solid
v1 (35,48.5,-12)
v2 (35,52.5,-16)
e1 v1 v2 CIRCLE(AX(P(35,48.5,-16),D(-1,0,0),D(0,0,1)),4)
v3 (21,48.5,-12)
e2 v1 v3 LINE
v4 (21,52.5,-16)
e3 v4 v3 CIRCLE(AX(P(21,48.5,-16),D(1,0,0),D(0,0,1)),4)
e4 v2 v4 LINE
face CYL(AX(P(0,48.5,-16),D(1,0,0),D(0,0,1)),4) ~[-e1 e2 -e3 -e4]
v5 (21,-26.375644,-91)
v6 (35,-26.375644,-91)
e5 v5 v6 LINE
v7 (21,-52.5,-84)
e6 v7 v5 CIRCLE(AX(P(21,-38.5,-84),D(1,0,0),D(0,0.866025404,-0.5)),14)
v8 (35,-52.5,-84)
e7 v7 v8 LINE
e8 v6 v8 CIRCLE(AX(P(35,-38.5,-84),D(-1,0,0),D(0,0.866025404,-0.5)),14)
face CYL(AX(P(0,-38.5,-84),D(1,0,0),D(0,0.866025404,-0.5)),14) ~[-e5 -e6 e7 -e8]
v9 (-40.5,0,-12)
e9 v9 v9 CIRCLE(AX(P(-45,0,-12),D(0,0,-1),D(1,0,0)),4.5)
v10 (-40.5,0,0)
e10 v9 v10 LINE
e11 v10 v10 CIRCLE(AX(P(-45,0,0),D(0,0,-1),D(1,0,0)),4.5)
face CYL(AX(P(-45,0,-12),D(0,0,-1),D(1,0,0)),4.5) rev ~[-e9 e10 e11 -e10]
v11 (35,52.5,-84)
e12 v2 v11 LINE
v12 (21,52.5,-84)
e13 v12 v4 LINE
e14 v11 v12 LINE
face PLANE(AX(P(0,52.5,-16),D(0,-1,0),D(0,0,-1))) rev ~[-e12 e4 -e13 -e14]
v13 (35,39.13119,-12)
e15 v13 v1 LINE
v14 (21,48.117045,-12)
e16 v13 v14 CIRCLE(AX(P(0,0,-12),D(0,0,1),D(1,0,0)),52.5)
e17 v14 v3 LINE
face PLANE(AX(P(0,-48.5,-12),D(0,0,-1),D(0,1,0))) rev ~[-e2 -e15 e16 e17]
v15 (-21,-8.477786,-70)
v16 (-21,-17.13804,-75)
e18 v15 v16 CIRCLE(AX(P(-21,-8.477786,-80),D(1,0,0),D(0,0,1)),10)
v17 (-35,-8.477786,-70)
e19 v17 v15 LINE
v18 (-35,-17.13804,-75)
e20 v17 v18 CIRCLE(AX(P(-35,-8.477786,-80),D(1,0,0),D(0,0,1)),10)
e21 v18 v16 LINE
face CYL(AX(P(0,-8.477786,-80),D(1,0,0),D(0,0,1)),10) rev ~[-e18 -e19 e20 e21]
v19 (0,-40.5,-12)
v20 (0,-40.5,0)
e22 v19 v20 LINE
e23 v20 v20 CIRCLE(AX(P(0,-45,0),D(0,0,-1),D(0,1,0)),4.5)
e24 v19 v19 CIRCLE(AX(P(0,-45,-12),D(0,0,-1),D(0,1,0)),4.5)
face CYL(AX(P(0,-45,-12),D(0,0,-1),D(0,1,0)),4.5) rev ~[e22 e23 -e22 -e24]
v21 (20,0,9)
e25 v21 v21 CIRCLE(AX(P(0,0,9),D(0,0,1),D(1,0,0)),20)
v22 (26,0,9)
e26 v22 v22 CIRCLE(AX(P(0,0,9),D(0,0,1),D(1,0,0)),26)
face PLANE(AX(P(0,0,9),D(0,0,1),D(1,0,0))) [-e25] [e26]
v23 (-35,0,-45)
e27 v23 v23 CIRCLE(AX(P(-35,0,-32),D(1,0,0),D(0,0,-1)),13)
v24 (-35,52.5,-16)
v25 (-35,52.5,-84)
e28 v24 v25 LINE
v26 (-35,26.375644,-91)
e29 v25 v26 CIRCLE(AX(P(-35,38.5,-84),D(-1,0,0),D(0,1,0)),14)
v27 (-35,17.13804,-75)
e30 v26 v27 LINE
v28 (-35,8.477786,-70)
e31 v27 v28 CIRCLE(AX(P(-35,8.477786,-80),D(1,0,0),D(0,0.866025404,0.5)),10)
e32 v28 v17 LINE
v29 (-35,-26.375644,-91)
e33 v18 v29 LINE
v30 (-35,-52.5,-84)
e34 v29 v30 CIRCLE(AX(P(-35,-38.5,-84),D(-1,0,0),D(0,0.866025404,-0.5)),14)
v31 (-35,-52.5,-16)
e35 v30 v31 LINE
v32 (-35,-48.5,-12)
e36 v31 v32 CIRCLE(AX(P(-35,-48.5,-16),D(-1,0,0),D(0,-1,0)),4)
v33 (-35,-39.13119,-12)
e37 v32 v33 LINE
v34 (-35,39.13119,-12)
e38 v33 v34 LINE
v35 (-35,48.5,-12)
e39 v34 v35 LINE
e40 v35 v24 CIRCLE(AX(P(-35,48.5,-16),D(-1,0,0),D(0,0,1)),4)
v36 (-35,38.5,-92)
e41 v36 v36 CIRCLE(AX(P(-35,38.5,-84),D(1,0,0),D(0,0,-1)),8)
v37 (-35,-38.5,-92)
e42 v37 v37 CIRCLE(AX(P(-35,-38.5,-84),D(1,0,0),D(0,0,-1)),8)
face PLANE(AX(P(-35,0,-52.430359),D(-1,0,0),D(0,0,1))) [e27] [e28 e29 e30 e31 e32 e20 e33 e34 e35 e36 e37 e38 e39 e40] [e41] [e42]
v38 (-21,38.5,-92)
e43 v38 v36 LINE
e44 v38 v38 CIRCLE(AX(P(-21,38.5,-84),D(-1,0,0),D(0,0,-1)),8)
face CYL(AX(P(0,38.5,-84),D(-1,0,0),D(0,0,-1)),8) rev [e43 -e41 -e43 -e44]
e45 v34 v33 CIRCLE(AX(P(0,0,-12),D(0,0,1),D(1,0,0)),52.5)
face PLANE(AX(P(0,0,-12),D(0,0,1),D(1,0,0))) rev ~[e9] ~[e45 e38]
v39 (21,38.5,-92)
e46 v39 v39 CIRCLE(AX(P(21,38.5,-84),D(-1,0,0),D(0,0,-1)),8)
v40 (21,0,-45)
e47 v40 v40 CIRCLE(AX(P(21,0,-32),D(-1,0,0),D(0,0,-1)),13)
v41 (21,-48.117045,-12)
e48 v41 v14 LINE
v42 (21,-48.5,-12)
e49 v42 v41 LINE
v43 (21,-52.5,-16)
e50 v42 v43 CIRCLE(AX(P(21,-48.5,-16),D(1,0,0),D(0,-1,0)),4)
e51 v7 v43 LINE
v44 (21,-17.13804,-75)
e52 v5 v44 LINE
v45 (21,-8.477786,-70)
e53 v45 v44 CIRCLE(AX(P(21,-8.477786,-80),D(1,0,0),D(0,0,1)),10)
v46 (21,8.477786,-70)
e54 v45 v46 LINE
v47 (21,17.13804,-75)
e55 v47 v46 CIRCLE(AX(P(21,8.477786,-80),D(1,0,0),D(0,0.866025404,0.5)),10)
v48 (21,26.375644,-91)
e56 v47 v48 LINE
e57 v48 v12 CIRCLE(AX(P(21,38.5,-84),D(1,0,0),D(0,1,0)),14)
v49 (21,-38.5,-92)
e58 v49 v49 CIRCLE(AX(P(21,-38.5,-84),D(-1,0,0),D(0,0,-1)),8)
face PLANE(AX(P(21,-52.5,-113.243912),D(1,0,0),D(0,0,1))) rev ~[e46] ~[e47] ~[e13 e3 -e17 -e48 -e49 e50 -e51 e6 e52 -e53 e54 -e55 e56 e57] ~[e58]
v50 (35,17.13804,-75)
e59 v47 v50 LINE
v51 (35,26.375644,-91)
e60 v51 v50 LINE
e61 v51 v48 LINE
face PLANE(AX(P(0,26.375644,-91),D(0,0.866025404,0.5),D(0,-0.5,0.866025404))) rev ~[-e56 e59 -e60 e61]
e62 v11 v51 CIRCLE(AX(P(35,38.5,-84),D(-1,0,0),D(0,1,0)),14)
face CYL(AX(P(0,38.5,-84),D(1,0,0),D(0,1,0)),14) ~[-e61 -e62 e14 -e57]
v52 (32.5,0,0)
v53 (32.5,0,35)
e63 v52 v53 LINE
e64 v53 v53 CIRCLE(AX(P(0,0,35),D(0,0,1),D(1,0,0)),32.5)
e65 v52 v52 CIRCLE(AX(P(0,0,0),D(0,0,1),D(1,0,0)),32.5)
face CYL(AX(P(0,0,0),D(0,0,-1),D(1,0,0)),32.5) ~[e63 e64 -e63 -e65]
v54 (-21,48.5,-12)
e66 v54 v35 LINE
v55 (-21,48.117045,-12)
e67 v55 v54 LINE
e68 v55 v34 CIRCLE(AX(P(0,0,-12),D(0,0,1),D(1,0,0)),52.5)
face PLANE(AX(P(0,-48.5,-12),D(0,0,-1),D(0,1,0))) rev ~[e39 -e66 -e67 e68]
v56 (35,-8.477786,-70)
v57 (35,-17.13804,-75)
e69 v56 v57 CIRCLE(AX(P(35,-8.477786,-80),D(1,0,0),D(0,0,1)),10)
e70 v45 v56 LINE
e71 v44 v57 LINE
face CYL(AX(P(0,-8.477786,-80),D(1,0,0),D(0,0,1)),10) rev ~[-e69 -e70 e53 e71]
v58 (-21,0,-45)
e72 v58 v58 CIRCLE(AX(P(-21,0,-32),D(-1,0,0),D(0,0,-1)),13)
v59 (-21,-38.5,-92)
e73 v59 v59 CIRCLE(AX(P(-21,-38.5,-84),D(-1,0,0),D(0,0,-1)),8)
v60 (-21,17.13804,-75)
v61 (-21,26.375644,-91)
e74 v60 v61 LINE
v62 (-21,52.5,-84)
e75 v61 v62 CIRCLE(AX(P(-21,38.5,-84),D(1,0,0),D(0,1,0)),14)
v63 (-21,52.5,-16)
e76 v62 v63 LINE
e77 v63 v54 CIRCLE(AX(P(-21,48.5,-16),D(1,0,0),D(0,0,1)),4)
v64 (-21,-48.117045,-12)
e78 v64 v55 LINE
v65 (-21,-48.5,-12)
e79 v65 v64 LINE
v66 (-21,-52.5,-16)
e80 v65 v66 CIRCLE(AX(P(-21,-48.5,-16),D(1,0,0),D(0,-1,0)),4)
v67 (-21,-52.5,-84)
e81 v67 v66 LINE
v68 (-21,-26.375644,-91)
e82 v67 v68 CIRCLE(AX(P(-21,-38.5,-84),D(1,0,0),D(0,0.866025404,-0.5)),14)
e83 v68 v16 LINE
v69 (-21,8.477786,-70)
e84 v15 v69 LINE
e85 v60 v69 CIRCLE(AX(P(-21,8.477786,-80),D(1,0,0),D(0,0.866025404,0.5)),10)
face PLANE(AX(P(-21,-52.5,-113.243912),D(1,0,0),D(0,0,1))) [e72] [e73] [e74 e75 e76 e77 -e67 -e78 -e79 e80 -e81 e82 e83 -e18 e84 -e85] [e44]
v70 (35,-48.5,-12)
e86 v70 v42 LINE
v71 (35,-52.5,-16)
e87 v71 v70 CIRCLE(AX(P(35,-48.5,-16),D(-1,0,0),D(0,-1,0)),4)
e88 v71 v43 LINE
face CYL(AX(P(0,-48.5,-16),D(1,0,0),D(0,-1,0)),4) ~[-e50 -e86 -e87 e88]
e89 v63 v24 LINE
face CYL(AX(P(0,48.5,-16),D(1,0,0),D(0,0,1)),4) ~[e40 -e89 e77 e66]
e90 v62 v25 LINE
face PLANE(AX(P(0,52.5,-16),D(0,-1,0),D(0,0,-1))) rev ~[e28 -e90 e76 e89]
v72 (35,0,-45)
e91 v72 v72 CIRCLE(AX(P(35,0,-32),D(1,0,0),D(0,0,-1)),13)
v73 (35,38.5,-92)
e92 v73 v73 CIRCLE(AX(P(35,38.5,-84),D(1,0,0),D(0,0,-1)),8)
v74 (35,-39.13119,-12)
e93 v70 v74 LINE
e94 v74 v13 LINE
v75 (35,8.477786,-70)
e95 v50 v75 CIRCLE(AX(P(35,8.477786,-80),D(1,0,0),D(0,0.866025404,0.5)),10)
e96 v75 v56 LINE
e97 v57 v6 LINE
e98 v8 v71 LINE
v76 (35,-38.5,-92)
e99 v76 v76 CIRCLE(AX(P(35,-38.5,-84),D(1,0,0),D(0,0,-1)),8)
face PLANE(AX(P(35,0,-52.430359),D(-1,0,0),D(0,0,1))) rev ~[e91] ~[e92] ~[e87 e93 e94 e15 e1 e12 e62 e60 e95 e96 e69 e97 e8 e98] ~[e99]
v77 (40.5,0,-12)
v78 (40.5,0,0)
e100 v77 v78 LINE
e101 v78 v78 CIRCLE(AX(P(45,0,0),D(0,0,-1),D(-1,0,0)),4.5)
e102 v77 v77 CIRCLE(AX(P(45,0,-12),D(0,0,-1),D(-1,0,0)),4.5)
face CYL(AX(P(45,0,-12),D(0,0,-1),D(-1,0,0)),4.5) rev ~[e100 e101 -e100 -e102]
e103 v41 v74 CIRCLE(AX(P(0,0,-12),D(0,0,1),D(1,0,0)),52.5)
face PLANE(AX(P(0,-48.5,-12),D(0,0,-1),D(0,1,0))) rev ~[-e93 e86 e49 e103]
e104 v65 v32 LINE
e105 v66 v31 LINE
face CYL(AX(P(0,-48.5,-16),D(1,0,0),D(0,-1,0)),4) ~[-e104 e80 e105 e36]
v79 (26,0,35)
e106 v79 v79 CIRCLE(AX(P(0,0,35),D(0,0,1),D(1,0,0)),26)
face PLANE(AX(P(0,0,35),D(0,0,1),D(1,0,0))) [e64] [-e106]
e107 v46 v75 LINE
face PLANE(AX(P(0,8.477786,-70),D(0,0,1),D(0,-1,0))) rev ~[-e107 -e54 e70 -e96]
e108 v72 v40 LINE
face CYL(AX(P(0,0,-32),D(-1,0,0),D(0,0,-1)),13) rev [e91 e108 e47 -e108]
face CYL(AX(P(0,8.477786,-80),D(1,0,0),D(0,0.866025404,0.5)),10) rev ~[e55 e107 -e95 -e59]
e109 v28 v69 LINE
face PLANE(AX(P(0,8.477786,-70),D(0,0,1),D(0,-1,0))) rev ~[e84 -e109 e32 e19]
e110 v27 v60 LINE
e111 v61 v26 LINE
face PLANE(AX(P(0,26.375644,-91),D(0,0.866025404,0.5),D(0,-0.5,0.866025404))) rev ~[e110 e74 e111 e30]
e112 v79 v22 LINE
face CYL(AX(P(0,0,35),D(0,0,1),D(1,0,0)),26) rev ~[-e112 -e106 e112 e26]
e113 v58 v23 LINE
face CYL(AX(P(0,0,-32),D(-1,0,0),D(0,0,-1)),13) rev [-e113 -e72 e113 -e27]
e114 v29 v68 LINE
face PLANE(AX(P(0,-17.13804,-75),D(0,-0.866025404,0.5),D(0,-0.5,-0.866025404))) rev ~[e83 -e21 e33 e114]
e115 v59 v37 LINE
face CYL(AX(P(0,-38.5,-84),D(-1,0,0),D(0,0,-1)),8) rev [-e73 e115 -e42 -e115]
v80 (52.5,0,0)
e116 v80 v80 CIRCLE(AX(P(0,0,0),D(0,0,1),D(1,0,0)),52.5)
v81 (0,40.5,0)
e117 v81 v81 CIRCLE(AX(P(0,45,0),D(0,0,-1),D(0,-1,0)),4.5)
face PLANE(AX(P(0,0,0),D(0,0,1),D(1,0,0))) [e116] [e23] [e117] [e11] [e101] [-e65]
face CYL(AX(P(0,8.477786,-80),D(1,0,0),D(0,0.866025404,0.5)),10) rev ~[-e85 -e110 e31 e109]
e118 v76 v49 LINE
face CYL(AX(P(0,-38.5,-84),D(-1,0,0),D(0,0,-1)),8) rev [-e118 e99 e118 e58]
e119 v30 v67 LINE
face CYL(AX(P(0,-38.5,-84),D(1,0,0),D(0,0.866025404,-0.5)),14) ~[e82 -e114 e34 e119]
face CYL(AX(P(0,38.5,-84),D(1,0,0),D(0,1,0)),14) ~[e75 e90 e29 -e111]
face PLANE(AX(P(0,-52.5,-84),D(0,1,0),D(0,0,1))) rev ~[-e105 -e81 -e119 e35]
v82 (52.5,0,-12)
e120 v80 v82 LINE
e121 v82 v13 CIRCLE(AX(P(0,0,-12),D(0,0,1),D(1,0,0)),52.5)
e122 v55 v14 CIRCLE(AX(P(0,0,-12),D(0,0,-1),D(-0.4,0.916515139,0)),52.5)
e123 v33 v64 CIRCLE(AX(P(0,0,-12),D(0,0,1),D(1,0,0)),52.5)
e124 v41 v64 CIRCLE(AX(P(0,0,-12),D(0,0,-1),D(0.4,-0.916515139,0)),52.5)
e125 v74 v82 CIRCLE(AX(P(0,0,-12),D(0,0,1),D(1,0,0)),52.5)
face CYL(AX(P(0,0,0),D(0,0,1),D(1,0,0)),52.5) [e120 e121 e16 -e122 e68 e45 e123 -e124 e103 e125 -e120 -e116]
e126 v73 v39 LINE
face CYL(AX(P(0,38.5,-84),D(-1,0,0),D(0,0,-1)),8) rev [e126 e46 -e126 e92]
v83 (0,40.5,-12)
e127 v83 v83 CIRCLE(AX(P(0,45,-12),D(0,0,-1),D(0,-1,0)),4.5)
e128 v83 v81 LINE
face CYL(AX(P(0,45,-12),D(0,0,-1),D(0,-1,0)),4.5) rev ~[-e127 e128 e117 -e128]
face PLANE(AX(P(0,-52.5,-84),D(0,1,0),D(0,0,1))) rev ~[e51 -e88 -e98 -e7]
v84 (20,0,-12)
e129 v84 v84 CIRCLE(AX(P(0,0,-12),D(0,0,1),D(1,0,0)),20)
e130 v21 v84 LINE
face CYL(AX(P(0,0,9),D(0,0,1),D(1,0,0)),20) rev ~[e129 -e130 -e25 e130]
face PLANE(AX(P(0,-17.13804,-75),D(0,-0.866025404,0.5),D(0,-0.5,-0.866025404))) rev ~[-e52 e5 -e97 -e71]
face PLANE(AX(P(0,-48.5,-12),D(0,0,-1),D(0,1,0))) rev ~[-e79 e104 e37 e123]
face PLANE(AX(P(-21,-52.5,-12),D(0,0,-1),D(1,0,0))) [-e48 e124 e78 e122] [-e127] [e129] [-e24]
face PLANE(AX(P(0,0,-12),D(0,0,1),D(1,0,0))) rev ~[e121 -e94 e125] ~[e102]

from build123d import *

# Parameters (mm, degrees)
SKETCH_1_R               = 52.5
EXTRUDE_1_DEPTH          = 12
SKETCH_2_R               = 32.5
EXTRUDE_2_DEPTH          = 35
SKETCH_3_R               = 26
CUT_EXTRUDE_1_DEPTH      = 26
SKETCH_4_R               = 20
CUT_EXTRUDE_2_DEPTH      = 21
SKETCH_5_R               = 8
SKETCH_5_R_2             = 13
EXTRUDE_3_DEPTH          = 35
SKETCH_6_W               = 42
SKETCH_6_H               = 101.243911614
CUT_EXTRUDE_3_DEPTH      = 153.922365925
SKETCH_7_R               = 4.5
CUT_EXTRUDE_4_DEPTH      = 114.615579918
PATTERN_CIRCULAR_1_COUNT = 4


with BuildPart() as part:
    # 草图1 → 凸台-拉伸1 (new body)
    with BuildSketch(Plane.XY):
        Circle(SKETCH_1_R)
    extrude(amount=-EXTRUDE_1_DEPTH)

    # 草图2 → 凸台-拉伸2 (add)
    with BuildSketch(Plane.XY):
        Circle(SKETCH_2_R)
    extrude(amount=EXTRUDE_2_DEPTH)

    # 草图3 → 切除-拉伸1 (cut)
    with BuildSketch(Plane.XY.offset(35)):
        Circle(SKETCH_3_R)
    extrude(amount=-CUT_EXTRUDE_1_DEPTH, mode=Mode.SUBTRACT)

    # 草图4 → 切除-拉伸2 (cut)
    with BuildSketch(Plane.XY.offset(9)):
        Circle(SKETCH_4_R)
    extrude(amount=-CUT_EXTRUDE_2_DEPTH, mode=Mode.SUBTRACT)

    # 草图5 → 凸台-拉伸3 (add, symmetric)
    with BuildSketch(Plane(origin=(0, 0, 0), x_dir=(0, 0, -1), z_dir=(1, 0, 0))):
        with BuildLine():
            Line((84, -52.5), (16, -52.5))
            ThreePointArc((16, -52.5), (13.171572875, -51.328427125), (12, -48.5))
            Line((12, -48.5), (12, 48.5))
            ThreePointArc((12, 48.5), (13.171572875, 51.328427125), (16, 52.5))
            Line((16, 52.5), (84, 52.5))
            ThreePointArc((84, 52.5), (97.522961568, 42.123466631), (91, 26.375644347))
            Line((91, 26.375644347), (75, 17.13804004))
            ThreePointArc((75, 17.13804004), (71.339745962, 13.477786002), (70, 8.477786002))
            Line((70, 8.477786002), (70, -8.477786002))
            ThreePointArc((70, -8.477786002), (71.339745962, -13.477786002), (75, -17.13804004))
            Line((75, -17.13804004), (91, -26.375644347))
            ThreePointArc((91, -26.375644347), (97.522961568, -42.123466631), (84, -52.5))
        make_face()
        with Locations((84, 38.5)):
            Circle(SKETCH_5_R, mode=Mode.SUBTRACT)
        with Locations((84, -38.5)):
            Circle(SKETCH_5_R, mode=Mode.SUBTRACT)
        with Locations((32, 0)):
            Circle(SKETCH_5_R_2, mode=Mode.SUBTRACT)
    extrude(amount=EXTRUDE_3_DEPTH, both=True)

    # 草图6 → 切除-拉伸3 (cut, through all)
    with BuildSketch(Plane.XZ.offset(52.5)):
        with Locations((0, -62.621955807)):
            Rectangle(SKETCH_6_W, SKETCH_6_H)
    extrude(amount=-CUT_EXTRUDE_3_DEPTH, mode=Mode.SUBTRACT)

    # 草图7 → 切除-拉伸4 (cut, through all)
    with BuildSketch(Plane(origin=(0, 0, -12), x_dir=(-1, 0, 0), z_dir=(0, 0, -1))):
        with Locations((-45, 0)):
            Circle(SKETCH_7_R)
    cut_extrude_4 = extrude(amount=-CUT_EXTRUDE_4_DEPTH, mode=Mode.SUBTRACT)

    # 阵列(圆周)1: 切除-拉伸4 ×4 about axis
    pattern_circular_1_axis = Axis((0, 0, 0), (0, 0, 1))
    for i in range(1, PATTERN_CIRCULAR_1_COUNT):
        add(cut_extrude_4.rotate(pattern_circular_1_axis, i * 360 / PATTERN_CIRCULAR_1_COUNT), mode=Mode.SUBTRACT)


solid = part.part
